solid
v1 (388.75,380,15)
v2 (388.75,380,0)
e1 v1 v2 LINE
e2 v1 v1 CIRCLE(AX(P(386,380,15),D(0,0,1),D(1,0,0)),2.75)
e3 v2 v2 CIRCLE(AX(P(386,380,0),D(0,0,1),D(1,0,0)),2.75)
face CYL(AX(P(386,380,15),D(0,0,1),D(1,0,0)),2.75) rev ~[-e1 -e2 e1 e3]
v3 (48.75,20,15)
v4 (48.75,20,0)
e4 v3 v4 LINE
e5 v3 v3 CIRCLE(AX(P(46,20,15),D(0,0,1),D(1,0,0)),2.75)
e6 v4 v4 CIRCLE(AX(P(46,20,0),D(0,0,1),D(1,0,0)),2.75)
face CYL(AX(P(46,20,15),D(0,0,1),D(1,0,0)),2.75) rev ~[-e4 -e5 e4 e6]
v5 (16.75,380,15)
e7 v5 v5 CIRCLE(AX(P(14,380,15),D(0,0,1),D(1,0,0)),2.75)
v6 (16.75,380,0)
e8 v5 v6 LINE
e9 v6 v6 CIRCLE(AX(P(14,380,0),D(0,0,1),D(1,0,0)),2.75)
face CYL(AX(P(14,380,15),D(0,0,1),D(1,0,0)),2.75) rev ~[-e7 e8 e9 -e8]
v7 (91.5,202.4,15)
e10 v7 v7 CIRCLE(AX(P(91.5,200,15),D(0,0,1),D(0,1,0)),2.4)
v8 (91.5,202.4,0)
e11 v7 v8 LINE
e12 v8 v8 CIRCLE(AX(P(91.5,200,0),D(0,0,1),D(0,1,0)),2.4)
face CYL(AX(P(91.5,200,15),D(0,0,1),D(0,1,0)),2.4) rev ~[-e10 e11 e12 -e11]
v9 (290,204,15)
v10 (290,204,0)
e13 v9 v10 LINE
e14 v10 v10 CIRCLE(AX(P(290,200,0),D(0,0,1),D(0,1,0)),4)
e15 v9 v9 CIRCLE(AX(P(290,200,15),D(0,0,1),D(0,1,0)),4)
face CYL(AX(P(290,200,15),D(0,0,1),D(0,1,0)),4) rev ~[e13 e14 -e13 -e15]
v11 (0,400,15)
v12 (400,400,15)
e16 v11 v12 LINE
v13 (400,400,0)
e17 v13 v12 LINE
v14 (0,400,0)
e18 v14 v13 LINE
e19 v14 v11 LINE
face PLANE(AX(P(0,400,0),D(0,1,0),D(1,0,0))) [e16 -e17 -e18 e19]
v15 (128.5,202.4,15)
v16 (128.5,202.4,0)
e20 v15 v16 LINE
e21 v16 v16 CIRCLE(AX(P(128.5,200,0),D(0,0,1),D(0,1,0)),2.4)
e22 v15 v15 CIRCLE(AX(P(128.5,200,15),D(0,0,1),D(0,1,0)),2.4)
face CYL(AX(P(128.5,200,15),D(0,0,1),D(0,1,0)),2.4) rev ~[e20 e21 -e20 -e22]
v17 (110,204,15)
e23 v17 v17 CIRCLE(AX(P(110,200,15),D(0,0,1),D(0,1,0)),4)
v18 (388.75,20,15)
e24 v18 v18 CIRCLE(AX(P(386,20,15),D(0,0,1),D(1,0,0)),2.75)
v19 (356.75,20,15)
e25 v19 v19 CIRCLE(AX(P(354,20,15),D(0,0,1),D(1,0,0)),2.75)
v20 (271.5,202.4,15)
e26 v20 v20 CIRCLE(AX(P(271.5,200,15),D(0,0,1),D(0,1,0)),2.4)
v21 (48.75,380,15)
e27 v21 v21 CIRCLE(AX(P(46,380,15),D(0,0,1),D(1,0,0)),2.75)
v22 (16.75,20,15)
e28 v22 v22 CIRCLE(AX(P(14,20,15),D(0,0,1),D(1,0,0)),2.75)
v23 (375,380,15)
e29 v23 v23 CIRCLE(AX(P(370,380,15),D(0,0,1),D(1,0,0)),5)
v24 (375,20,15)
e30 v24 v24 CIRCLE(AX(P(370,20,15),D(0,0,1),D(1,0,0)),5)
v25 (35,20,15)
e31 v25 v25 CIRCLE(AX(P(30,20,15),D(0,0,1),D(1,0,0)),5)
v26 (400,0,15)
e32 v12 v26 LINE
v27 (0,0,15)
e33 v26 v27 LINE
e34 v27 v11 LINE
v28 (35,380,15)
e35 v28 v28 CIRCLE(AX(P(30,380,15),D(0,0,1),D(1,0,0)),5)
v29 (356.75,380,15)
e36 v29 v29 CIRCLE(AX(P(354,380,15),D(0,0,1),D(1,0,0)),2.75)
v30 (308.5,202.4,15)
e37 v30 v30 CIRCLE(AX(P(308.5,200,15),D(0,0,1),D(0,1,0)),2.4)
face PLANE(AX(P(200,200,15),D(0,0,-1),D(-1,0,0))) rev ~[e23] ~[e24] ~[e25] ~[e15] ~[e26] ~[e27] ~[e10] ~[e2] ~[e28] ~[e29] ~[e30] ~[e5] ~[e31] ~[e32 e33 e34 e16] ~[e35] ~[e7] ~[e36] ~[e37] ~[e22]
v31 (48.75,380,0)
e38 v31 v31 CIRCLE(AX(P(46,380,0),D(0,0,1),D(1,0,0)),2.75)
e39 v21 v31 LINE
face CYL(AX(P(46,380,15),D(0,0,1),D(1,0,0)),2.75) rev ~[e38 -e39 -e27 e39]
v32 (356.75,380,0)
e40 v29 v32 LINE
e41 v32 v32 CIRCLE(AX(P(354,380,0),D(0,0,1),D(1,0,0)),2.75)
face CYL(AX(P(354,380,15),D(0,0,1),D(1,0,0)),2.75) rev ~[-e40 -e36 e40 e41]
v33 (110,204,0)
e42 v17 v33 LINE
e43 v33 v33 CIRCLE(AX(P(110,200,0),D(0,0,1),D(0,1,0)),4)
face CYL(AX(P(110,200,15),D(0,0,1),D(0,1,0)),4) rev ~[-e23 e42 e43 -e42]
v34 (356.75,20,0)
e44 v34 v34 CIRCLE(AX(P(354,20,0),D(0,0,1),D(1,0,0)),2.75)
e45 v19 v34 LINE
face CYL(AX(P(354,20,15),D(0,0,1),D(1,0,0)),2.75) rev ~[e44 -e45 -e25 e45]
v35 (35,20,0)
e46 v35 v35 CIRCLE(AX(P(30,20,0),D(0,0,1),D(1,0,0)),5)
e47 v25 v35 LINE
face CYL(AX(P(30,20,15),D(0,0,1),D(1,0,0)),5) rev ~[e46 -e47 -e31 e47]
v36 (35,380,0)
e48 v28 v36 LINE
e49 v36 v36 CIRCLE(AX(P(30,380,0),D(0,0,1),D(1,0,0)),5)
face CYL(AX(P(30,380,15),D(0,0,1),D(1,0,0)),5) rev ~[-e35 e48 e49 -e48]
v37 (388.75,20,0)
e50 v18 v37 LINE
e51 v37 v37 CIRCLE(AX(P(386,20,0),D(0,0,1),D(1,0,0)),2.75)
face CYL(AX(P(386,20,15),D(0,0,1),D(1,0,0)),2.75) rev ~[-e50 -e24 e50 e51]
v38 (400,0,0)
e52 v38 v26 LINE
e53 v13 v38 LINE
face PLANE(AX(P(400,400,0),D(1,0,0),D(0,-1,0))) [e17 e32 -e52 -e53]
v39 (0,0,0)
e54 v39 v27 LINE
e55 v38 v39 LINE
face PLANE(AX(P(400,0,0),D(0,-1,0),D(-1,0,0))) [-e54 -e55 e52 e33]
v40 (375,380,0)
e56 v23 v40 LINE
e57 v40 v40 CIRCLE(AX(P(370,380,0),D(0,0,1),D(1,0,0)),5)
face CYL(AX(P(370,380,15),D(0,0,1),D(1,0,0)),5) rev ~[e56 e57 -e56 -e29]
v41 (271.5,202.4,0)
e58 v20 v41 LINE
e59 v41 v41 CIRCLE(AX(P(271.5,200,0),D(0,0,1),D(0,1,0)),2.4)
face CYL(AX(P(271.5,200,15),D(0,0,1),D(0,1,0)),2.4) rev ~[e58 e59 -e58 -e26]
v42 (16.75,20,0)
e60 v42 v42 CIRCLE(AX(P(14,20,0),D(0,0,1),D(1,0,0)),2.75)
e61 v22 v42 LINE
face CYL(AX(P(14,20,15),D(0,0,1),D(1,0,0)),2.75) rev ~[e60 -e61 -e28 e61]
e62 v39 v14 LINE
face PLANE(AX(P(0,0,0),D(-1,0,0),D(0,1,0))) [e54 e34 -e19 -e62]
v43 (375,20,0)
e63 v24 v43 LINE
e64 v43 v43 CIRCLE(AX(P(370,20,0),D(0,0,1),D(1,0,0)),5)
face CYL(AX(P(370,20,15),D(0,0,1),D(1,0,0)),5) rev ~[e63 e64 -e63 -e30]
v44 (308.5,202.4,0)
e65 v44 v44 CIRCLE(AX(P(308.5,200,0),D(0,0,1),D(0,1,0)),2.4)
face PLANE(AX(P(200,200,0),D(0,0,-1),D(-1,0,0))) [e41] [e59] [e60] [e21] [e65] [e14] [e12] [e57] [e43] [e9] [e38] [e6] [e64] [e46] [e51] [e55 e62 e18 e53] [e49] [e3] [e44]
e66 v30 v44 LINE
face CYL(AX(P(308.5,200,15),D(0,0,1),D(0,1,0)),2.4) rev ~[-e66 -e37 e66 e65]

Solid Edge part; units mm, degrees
sketch "Sketch1" plane through (0, 0, 0) normal (0, 0, 1) x (1, 0, 0)
  line L0 (400, 0) -> (0, 0)
  line L1 (0, 0) -> (0, 400)
  line L2 (0, 400) -> (400, 400)
  line L3 (400, 400) -> (400, 0)
extrude "Protrusion1" add sketch "Sketch1" along normal blind 15
sketch "Sketch2" plane through (200, 200, 15) normal (0, 0, 1) x (1, 0, 0)
  circle A0 centre (-170, 180) radius 5
extrude "VaciadoExtruido_1" cut sketch "Sketch2" against normal blind 15
sketch "Sketch3" plane through (200, 200, 15) normal (0, 0, 1) x (1, 0, 0)
  circle A0 centre (-154, 180) radius 2.75
extrude "VaciadoExtruido_2" cut sketch "Sketch3" against normal blind 15
sketch "Sketch4" plane through (200, 200, 15) normal (0, 0, 1) x (1, 0, 0)
  circle A0 centre (-186, 180) radius 2.75
extrude "VaciadoExtruido_3" cut sketch "Sketch4" against normal blind 15
sketch "Sketch5" plane through (200, 200, 15) normal (0, 0, 1) x (1, 0, 0)
  circle A0 centre (170, 180) radius 5
extrude "VaciadoExtruido_4" cut sketch "Sketch5" against normal blind 15
sketch "Sketch6" plane through (200, 200, 15) normal (0, 0, 1) x (1, 0, 0)
  circle A0 centre (154, 180) radius 2.75
extrude "VaciadoExtruido_5" cut sketch "Sketch6" against normal blind 15
sketch "Sketch7" plane through (200, 200, 15) normal (0, 0, 1) x (1, 0, 0)
  circle A0 centre (186, 180) radius 2.75
extrude "VaciadoExtruido_6" cut sketch "Sketch7" against normal blind 15
sketch "Sketch8" plane through (200, 200, 15) normal (0, 0, 1) x (1, 0, 0)
  circle A0 centre (170, -180) radius 5
extrude "VaciadoExtruido_7" cut sketch "Sketch8" against normal blind 15
sketch "Sketch9" plane through (200, 200, 15) normal (0, 0, 1) x (1, 0, 0)
  circle A0 centre (186, -180) radius 2.75
extrude "VaciadoExtruido_8" cut sketch "Sketch9" against normal blind 15
sketch "Sketch10" plane through (200, 200, 15) normal (0, 0, 1) x (1, 0, 0)
  circle A0 centre (154, -180) radius 2.75
extrude "VaciadoExtruido_9" cut sketch "Sketch10" against normal blind 15
sketch "Sketch11" plane through (200, 200, 15) normal (0, 0, 1) x (1, 0, 0)
  circle A0 centre (-170, -180) radius 5
extrude "VaciadoExtruido_10" cut sketch "Sketch11" against normal blind 15
sketch "Sketch12" plane through (200, 200, 15) normal (0, 0, 1) x (1, 0, 0)
  circle A0 centre (-154, -180) radius 2.75
extrude "VaciadoExtruido_11" cut sketch "Sketch12" against normal blind 15
sketch "Sketch13" plane through (200, 200, 15) normal (0, 0, 1) x (1, 0, 0)
  circle A0 centre (-186, -180) radius 2.75
extrude "VaciadoExtruido_12" cut sketch "Sketch13" against normal blind 15
sketch "Sketch14" plane through (200, 200, 15) normal (0, 0, 1) x (0, 1, 0)
  circle A0 centre (0, 90) radius 4
extrude "VaciadoExtruido_13" cut sketch "Sketch14" against normal blind 15
sketch "Sketch15" plane through (200, 200, 15) normal (0, 0, 1) x (0, 1, 0)
  circle A0 centre (0, 108.5) radius 2.4
extrude "VaciadoExtruido_14" cut sketch "Sketch15" against normal blind 15
sketch "Sketch16" plane through (200, 200, 15) normal (0, 0, 1) x (0, 1, 0)
  circle A0 centre (0, 71.5) radius 2.4
extrude "VaciadoExtruido_15" cut sketch "Sketch16" against normal blind 15
sketch "Sketch17" plane through (200, 200, 15) normal (0, 0, 1) x (0, 1, 0)
  circle A0 centre (0, -90) radius 4
extrude "VaciadoExtruido_16" cut sketch "Sketch17" against normal blind 15
sketch "Sketch18" plane through (200, 200, 15) normal (0, 0, 1) x (0, 1, 0)
  circle A0 centre (0, -71.5) radius 2.4
extrude "VaciadoExtruido_17" cut sketch "Sketch18" against normal blind 15
sketch "Sketch19" plane through (200, 200, 15) normal (0, 0, 1) x (0, 1, 0)
  circle A0 centre (0, -108.5) radius 2.4
extrude "VaciadoExtruido_18" cut sketch "Sketch19" against normal blind 15
